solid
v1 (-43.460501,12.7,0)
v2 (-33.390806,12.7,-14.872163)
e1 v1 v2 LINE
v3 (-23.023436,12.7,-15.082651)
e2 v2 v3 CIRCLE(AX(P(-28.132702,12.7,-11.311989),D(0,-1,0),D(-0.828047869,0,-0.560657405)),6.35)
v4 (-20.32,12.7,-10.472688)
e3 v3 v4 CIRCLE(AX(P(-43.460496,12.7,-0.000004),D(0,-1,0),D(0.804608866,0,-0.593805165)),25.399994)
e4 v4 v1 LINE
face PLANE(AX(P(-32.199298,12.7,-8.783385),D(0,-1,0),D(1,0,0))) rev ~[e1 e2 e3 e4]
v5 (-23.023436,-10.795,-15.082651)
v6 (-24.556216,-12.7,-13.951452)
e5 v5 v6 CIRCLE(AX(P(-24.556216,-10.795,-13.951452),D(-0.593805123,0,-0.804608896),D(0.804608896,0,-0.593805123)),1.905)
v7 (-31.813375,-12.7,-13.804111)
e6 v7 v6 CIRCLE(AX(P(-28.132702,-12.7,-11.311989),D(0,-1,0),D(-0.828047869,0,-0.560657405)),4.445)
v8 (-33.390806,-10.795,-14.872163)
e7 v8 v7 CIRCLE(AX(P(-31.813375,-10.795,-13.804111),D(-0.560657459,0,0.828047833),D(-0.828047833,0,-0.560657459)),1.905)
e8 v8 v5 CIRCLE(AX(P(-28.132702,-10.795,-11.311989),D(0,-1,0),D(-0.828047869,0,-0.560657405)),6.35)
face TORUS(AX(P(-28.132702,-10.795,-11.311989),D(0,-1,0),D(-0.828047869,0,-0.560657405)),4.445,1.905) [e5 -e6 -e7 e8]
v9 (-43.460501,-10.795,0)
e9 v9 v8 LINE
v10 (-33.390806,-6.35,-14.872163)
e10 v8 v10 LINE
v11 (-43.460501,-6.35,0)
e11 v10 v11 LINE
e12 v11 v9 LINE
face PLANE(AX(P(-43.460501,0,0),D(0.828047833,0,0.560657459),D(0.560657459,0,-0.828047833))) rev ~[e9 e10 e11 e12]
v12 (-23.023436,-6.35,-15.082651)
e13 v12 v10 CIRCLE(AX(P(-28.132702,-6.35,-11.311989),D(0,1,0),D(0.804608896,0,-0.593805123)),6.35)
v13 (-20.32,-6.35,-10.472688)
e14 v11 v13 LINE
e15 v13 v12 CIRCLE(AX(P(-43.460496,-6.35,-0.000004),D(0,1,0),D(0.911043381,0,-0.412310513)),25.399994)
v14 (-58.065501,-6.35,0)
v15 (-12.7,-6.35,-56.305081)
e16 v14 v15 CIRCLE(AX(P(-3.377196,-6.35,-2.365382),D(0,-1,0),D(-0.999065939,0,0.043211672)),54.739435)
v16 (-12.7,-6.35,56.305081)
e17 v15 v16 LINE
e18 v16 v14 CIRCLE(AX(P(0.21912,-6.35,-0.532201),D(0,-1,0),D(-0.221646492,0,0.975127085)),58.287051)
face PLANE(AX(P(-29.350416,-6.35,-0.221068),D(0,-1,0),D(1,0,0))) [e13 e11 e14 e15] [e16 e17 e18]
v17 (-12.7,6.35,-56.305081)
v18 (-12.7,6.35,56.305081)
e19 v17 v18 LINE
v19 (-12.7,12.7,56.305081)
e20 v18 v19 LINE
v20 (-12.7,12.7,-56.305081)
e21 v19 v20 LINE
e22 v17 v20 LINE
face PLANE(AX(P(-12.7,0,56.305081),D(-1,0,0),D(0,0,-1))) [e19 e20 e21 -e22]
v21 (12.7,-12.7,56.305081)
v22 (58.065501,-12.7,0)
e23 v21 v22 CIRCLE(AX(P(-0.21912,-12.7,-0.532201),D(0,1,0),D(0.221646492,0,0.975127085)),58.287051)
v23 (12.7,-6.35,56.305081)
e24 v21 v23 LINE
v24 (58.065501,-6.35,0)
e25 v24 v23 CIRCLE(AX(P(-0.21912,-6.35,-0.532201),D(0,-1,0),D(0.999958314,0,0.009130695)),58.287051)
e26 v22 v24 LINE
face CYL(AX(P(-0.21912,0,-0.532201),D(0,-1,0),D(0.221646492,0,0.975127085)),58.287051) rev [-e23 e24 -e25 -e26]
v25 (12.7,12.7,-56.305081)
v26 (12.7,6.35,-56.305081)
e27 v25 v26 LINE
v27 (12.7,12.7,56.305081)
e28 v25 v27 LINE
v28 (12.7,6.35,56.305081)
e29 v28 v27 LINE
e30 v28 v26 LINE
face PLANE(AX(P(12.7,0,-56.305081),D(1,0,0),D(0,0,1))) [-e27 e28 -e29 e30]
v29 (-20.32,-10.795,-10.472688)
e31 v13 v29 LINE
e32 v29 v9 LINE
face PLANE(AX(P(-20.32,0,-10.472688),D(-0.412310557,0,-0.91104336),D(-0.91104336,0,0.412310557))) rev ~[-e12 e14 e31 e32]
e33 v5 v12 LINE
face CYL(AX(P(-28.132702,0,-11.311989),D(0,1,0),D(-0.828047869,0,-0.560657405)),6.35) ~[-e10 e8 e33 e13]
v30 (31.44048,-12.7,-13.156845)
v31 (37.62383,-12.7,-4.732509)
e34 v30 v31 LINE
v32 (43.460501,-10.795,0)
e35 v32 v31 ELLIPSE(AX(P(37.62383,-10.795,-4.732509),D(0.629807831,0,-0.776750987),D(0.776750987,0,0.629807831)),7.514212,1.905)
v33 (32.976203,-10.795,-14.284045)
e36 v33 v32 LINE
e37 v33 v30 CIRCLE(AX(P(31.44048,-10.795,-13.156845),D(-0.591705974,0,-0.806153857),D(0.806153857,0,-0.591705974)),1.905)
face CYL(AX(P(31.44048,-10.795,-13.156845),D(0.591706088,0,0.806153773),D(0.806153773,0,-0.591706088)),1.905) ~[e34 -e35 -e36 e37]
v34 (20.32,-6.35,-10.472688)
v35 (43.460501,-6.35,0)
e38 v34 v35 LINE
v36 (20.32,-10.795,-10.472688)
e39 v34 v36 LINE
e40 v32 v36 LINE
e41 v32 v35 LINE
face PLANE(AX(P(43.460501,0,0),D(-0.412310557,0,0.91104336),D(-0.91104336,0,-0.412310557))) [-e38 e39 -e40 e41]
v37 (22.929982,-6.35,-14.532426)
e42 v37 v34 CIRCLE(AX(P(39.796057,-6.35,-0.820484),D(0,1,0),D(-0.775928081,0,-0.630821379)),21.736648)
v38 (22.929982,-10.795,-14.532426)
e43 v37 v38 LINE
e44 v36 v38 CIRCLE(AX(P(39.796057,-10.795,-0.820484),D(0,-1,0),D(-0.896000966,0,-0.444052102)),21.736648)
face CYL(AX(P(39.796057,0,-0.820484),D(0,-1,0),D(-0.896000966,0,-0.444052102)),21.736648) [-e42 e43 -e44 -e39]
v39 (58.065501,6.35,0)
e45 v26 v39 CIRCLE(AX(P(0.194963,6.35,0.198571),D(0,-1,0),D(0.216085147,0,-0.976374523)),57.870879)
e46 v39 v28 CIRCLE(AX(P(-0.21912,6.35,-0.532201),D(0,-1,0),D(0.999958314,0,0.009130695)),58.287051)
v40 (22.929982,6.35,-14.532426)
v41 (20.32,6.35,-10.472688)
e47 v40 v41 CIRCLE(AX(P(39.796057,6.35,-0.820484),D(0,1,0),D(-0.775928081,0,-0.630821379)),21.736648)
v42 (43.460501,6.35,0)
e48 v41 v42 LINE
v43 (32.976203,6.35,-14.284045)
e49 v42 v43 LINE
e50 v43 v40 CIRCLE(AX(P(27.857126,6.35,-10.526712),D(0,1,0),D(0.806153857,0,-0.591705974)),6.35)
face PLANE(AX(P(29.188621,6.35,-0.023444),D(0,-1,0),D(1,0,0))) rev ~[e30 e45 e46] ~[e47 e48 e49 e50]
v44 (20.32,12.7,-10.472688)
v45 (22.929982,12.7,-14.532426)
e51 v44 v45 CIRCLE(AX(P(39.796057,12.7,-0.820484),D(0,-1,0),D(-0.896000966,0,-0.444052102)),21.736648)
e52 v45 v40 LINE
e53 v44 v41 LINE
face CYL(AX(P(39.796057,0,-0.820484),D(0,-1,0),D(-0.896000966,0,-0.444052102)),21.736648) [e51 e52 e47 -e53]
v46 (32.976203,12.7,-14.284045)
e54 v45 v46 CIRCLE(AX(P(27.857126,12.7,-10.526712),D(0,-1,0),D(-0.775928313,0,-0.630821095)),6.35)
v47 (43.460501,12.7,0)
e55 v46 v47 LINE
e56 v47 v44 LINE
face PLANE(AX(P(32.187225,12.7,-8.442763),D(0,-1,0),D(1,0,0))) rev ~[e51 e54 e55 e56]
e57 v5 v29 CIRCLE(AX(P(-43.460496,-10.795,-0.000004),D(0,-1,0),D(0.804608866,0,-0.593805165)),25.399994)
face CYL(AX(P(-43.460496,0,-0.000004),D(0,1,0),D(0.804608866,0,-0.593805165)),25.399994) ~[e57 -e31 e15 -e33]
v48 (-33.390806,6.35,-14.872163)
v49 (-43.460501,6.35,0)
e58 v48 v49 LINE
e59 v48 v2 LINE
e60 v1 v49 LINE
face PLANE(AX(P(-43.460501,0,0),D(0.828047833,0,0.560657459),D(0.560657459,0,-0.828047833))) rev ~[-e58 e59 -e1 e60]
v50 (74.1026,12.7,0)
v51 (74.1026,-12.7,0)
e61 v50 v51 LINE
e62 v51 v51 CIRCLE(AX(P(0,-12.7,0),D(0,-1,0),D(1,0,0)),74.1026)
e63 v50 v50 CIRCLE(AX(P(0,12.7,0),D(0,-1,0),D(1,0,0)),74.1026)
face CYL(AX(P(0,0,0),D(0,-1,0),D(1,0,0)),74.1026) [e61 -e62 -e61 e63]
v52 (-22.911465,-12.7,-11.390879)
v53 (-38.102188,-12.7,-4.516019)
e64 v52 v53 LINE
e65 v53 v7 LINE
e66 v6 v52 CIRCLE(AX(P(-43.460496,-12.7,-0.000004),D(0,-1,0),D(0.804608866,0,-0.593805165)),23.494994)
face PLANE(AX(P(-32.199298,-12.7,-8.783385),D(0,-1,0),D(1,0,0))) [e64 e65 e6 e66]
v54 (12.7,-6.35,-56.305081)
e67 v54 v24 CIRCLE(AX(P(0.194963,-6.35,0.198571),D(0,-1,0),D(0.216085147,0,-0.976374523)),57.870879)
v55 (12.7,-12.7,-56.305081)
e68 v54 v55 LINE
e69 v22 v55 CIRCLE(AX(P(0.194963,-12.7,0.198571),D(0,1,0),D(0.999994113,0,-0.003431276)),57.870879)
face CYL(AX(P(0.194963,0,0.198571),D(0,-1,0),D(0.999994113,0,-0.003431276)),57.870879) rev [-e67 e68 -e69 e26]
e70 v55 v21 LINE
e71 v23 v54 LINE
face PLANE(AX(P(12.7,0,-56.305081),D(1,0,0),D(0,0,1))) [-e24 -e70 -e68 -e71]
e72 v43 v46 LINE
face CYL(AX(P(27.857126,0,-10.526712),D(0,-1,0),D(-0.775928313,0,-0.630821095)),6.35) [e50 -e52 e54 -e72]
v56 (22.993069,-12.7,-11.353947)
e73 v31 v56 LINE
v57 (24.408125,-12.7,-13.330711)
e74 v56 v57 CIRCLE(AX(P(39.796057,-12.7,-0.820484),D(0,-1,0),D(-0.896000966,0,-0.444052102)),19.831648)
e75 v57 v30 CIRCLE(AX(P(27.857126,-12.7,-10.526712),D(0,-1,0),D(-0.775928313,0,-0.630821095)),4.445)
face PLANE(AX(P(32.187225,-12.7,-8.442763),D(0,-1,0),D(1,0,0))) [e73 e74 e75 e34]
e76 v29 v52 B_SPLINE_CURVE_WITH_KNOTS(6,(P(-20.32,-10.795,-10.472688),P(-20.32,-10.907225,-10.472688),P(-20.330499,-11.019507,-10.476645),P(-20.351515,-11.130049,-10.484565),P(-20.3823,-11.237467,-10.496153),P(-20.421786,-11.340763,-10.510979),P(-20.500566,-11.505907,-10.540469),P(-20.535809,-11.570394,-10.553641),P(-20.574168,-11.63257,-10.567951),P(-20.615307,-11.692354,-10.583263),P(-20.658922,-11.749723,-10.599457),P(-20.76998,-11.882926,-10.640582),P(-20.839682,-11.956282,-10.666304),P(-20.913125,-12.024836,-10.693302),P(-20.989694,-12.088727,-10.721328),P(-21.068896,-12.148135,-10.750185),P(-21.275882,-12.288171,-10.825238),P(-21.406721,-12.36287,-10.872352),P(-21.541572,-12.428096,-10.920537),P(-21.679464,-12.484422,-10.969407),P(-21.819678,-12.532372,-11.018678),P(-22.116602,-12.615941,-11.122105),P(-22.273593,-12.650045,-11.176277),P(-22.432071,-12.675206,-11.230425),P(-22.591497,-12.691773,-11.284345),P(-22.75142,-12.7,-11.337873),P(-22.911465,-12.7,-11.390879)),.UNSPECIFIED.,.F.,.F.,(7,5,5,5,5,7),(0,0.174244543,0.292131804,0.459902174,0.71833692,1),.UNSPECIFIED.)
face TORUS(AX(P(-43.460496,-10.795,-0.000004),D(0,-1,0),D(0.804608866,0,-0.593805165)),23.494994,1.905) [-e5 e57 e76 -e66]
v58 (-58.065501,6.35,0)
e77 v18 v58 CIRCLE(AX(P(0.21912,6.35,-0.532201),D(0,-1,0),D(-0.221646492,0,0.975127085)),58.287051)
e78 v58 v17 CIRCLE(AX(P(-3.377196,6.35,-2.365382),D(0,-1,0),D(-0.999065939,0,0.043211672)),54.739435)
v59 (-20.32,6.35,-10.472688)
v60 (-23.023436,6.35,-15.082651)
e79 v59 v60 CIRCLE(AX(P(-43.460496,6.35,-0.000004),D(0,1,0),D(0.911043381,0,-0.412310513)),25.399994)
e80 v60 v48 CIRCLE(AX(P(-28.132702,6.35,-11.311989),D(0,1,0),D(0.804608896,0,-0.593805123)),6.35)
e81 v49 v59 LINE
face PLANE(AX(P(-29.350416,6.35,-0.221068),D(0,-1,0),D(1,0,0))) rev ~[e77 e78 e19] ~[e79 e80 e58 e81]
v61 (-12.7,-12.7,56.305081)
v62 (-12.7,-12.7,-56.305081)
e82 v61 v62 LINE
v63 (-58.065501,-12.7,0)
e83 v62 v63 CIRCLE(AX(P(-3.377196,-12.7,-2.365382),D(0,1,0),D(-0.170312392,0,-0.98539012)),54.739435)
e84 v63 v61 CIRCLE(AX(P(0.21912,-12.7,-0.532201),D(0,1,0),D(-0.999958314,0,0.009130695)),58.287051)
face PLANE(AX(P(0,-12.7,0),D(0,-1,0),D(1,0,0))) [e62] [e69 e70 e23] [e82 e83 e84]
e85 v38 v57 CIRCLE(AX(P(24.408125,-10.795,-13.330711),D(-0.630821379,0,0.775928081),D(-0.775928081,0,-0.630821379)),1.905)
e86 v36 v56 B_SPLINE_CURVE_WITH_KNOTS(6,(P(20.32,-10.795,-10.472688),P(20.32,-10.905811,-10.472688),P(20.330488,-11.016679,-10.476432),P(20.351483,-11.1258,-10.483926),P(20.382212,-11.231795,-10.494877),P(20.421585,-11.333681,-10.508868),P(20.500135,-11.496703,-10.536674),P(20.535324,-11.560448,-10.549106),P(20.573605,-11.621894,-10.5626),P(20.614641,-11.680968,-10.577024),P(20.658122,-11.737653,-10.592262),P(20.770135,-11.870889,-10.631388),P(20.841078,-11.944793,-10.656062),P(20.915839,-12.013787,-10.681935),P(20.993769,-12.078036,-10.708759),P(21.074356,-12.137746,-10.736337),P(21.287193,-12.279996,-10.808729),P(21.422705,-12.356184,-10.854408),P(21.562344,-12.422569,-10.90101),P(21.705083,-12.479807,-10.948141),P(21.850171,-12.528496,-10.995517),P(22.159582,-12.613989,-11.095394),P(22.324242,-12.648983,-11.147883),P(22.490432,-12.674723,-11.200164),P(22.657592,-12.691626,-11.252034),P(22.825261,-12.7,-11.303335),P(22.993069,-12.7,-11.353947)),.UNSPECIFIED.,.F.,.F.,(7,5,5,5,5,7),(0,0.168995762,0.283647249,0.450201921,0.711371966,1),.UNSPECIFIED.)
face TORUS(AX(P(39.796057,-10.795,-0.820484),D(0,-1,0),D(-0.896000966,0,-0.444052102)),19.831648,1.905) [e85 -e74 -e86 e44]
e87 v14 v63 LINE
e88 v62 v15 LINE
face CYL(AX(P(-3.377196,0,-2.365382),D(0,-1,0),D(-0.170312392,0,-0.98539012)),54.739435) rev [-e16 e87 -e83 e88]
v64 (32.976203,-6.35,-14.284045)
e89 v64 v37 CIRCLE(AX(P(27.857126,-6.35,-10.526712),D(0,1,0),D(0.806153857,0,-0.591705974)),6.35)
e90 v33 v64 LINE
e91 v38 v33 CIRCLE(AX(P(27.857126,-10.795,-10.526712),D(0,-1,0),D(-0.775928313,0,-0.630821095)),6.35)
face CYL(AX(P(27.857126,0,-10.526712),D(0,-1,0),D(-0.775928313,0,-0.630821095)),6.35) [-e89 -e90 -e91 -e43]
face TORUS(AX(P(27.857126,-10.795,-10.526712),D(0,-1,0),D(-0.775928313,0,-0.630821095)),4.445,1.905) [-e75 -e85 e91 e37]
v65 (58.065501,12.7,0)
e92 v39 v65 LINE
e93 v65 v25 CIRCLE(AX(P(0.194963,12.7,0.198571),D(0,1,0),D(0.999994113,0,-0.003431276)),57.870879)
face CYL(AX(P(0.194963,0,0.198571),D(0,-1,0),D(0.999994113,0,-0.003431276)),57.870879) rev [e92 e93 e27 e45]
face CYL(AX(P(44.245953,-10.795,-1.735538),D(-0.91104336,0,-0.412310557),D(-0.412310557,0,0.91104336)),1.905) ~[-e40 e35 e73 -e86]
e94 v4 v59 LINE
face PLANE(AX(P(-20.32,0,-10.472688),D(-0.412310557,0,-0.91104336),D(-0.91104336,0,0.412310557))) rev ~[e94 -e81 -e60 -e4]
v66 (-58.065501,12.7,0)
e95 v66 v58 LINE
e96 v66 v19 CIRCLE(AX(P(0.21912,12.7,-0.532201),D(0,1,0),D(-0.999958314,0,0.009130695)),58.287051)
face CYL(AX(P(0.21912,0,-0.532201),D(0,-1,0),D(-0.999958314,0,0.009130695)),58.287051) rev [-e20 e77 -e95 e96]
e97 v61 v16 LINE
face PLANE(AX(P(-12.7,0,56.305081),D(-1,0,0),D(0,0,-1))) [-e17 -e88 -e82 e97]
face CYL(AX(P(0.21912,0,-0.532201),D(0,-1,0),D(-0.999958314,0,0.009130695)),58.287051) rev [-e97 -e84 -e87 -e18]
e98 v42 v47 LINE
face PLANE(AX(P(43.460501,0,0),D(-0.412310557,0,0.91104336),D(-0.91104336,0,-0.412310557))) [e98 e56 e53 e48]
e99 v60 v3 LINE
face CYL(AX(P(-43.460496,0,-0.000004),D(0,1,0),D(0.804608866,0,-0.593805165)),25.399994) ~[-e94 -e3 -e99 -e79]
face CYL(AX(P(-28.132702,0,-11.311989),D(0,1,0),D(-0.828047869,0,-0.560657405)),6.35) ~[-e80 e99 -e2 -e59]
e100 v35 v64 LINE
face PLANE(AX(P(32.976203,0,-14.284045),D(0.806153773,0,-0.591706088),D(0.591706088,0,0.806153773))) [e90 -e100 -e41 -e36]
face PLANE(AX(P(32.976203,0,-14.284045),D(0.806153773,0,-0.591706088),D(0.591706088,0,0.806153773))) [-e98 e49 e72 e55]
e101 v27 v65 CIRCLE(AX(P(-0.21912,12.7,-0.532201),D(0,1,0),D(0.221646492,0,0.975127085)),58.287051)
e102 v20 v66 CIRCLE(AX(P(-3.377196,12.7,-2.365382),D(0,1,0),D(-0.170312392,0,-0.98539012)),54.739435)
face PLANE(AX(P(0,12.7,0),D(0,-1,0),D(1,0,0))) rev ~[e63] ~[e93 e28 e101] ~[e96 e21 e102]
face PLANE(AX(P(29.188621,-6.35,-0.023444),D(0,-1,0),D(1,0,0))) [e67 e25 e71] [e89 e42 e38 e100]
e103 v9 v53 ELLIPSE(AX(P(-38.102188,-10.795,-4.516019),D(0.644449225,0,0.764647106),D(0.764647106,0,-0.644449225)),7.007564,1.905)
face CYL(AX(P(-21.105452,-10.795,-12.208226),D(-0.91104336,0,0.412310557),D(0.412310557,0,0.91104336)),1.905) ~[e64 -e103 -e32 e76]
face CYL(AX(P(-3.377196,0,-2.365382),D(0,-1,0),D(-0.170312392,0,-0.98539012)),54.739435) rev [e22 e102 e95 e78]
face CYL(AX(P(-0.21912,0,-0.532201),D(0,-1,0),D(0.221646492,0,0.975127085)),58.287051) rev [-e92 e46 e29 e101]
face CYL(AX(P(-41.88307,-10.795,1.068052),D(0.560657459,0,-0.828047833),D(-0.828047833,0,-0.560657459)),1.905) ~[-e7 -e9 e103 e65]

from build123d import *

# Parameters (mm, degrees)
F0_R     = 74.1026
F1_DEPTH = 12.7
F2_DEPTH = 6.35
F3_DEPTH = 12.7
F4_R     = 1.905


with BuildPart() as f1:
    # F0 (on Front) → F1 (new body, symmetric)
    with BuildSketch(Plane.XZ):
        Circle(F0_R)
        with BuildLine():
            Line((12.7, -56.305081), (12.7, 56.305081))
            ThreePointArc((12.7, 56.305081), (45.16875, 36.037206), (58.065501, 0))
            ThreePointArc((58.065501, 0), (45.258761, -36.10973), (12.7, -56.305081))
        make_face(mode=Mode.SUBTRACT)
        with BuildLine():
            ThreePointArc((-58.065501, 0), (-45.16875, 36.037206), (-12.7, 56.305081))
            Line((-12.7, 56.305081), (-12.7, -56.305081))
            ThreePointArc((-12.7, -56.305081), (-46.002553, -36.709009), (-58.065501, 0))
        make_face(mode=Mode.SUBTRACT)
    extrude(amount=F1_DEPTH, both=True)

    # F0 (on Front) → F2 (join, symmetric)
    with BuildSketch(Plane.XZ):
        with BuildLine():
            Line((-12.7, -56.305081), (-12.7, 56.305081))
            ThreePointArc((-12.7, 56.305081), (-45.16875, 36.037206), (-58.065501, 0))
            ThreePointArc((-58.065501, 0), (-46.002553, -36.709009), (-12.7, -56.305081))
        make_face()
        with BuildLine():
            Line((-43.460501, 0), (-20.32, -10.472688))
            ThreePointArc((-20.32, -10.472688), (-21.550138, -12.848968), (-23.023436, -15.082651))
            ThreePointArc((-23.023436, -15.082651), (-28.261599, -17.66068), (-33.390806, -14.872163))
            Line((-33.390806, -14.872163), (-43.460501, 0))
        make_face(mode=Mode.SUBTRACT)
        with BuildLine():
            ThreePointArc((58.065501, 0), (45.16875, 36.037206), (12.7, 56.305081))
            Line((12.7, 56.305081), (12.7, -56.305081))
            ThreePointArc((12.7, -56.305081), (45.258761, -36.10973), (58.065501, 0))
        make_face()
        with BuildLine():
            ThreePointArc((22.929982, -14.532426), (21.511965, -12.57522), (20.32, -10.472688))
            Line((20.32, -10.472688), (43.460501, 0))
            Line((43.460501, 0), (32.976203, -14.284045))
            ThreePointArc((32.976203, -14.284045), (28.014074, -16.874772), (22.929982, -14.532426))
        make_face(mode=Mode.SUBTRACT)
    extrude(amount=F2_DEPTH, both=True)

    # F0 (on Front) → F3 (join, symmetric)
    with BuildSketch(Plane.XZ):
        with BuildLine():
            ThreePointArc((-23.023436, -15.082651), (-21.550138, -12.848968), (-20.32, -10.472688))
            Line((-20.32, -10.472688), (-43.460501, 0))
            Line((-43.460501, 0), (-33.390806, -14.872163))
            ThreePointArc((-33.390806, -14.872163), (-28.261599, -17.66068), (-23.023436, -15.082651))
        make_face()
        with BuildLine():
            Line((43.460501, 0), (20.32, -10.472688))
            ThreePointArc((20.32, -10.472688), (21.511965, -12.57522), (22.929982, -14.532426))
            ThreePointArc((22.929982, -14.532426), (28.014074, -16.874772), (32.976203, -14.284045))
            Line((32.976203, -14.284045), (43.460501, 0))
        make_face()
    extrude(amount=F3_DEPTH, both=True)

    # F4
    f4_edges = [f1.edges().sort_by_distance(p)[0] for p in [
        (-38.425654, -12.7, -7.436082),
        (38.218352, -12.7, -7.142023),
        (-31.890251, -12.7, -5.236344),
        (31.890251, -12.7, -5.236344),
    ]]
    fillet(f4_edges, radius=F4_R)


solid = f1.part
